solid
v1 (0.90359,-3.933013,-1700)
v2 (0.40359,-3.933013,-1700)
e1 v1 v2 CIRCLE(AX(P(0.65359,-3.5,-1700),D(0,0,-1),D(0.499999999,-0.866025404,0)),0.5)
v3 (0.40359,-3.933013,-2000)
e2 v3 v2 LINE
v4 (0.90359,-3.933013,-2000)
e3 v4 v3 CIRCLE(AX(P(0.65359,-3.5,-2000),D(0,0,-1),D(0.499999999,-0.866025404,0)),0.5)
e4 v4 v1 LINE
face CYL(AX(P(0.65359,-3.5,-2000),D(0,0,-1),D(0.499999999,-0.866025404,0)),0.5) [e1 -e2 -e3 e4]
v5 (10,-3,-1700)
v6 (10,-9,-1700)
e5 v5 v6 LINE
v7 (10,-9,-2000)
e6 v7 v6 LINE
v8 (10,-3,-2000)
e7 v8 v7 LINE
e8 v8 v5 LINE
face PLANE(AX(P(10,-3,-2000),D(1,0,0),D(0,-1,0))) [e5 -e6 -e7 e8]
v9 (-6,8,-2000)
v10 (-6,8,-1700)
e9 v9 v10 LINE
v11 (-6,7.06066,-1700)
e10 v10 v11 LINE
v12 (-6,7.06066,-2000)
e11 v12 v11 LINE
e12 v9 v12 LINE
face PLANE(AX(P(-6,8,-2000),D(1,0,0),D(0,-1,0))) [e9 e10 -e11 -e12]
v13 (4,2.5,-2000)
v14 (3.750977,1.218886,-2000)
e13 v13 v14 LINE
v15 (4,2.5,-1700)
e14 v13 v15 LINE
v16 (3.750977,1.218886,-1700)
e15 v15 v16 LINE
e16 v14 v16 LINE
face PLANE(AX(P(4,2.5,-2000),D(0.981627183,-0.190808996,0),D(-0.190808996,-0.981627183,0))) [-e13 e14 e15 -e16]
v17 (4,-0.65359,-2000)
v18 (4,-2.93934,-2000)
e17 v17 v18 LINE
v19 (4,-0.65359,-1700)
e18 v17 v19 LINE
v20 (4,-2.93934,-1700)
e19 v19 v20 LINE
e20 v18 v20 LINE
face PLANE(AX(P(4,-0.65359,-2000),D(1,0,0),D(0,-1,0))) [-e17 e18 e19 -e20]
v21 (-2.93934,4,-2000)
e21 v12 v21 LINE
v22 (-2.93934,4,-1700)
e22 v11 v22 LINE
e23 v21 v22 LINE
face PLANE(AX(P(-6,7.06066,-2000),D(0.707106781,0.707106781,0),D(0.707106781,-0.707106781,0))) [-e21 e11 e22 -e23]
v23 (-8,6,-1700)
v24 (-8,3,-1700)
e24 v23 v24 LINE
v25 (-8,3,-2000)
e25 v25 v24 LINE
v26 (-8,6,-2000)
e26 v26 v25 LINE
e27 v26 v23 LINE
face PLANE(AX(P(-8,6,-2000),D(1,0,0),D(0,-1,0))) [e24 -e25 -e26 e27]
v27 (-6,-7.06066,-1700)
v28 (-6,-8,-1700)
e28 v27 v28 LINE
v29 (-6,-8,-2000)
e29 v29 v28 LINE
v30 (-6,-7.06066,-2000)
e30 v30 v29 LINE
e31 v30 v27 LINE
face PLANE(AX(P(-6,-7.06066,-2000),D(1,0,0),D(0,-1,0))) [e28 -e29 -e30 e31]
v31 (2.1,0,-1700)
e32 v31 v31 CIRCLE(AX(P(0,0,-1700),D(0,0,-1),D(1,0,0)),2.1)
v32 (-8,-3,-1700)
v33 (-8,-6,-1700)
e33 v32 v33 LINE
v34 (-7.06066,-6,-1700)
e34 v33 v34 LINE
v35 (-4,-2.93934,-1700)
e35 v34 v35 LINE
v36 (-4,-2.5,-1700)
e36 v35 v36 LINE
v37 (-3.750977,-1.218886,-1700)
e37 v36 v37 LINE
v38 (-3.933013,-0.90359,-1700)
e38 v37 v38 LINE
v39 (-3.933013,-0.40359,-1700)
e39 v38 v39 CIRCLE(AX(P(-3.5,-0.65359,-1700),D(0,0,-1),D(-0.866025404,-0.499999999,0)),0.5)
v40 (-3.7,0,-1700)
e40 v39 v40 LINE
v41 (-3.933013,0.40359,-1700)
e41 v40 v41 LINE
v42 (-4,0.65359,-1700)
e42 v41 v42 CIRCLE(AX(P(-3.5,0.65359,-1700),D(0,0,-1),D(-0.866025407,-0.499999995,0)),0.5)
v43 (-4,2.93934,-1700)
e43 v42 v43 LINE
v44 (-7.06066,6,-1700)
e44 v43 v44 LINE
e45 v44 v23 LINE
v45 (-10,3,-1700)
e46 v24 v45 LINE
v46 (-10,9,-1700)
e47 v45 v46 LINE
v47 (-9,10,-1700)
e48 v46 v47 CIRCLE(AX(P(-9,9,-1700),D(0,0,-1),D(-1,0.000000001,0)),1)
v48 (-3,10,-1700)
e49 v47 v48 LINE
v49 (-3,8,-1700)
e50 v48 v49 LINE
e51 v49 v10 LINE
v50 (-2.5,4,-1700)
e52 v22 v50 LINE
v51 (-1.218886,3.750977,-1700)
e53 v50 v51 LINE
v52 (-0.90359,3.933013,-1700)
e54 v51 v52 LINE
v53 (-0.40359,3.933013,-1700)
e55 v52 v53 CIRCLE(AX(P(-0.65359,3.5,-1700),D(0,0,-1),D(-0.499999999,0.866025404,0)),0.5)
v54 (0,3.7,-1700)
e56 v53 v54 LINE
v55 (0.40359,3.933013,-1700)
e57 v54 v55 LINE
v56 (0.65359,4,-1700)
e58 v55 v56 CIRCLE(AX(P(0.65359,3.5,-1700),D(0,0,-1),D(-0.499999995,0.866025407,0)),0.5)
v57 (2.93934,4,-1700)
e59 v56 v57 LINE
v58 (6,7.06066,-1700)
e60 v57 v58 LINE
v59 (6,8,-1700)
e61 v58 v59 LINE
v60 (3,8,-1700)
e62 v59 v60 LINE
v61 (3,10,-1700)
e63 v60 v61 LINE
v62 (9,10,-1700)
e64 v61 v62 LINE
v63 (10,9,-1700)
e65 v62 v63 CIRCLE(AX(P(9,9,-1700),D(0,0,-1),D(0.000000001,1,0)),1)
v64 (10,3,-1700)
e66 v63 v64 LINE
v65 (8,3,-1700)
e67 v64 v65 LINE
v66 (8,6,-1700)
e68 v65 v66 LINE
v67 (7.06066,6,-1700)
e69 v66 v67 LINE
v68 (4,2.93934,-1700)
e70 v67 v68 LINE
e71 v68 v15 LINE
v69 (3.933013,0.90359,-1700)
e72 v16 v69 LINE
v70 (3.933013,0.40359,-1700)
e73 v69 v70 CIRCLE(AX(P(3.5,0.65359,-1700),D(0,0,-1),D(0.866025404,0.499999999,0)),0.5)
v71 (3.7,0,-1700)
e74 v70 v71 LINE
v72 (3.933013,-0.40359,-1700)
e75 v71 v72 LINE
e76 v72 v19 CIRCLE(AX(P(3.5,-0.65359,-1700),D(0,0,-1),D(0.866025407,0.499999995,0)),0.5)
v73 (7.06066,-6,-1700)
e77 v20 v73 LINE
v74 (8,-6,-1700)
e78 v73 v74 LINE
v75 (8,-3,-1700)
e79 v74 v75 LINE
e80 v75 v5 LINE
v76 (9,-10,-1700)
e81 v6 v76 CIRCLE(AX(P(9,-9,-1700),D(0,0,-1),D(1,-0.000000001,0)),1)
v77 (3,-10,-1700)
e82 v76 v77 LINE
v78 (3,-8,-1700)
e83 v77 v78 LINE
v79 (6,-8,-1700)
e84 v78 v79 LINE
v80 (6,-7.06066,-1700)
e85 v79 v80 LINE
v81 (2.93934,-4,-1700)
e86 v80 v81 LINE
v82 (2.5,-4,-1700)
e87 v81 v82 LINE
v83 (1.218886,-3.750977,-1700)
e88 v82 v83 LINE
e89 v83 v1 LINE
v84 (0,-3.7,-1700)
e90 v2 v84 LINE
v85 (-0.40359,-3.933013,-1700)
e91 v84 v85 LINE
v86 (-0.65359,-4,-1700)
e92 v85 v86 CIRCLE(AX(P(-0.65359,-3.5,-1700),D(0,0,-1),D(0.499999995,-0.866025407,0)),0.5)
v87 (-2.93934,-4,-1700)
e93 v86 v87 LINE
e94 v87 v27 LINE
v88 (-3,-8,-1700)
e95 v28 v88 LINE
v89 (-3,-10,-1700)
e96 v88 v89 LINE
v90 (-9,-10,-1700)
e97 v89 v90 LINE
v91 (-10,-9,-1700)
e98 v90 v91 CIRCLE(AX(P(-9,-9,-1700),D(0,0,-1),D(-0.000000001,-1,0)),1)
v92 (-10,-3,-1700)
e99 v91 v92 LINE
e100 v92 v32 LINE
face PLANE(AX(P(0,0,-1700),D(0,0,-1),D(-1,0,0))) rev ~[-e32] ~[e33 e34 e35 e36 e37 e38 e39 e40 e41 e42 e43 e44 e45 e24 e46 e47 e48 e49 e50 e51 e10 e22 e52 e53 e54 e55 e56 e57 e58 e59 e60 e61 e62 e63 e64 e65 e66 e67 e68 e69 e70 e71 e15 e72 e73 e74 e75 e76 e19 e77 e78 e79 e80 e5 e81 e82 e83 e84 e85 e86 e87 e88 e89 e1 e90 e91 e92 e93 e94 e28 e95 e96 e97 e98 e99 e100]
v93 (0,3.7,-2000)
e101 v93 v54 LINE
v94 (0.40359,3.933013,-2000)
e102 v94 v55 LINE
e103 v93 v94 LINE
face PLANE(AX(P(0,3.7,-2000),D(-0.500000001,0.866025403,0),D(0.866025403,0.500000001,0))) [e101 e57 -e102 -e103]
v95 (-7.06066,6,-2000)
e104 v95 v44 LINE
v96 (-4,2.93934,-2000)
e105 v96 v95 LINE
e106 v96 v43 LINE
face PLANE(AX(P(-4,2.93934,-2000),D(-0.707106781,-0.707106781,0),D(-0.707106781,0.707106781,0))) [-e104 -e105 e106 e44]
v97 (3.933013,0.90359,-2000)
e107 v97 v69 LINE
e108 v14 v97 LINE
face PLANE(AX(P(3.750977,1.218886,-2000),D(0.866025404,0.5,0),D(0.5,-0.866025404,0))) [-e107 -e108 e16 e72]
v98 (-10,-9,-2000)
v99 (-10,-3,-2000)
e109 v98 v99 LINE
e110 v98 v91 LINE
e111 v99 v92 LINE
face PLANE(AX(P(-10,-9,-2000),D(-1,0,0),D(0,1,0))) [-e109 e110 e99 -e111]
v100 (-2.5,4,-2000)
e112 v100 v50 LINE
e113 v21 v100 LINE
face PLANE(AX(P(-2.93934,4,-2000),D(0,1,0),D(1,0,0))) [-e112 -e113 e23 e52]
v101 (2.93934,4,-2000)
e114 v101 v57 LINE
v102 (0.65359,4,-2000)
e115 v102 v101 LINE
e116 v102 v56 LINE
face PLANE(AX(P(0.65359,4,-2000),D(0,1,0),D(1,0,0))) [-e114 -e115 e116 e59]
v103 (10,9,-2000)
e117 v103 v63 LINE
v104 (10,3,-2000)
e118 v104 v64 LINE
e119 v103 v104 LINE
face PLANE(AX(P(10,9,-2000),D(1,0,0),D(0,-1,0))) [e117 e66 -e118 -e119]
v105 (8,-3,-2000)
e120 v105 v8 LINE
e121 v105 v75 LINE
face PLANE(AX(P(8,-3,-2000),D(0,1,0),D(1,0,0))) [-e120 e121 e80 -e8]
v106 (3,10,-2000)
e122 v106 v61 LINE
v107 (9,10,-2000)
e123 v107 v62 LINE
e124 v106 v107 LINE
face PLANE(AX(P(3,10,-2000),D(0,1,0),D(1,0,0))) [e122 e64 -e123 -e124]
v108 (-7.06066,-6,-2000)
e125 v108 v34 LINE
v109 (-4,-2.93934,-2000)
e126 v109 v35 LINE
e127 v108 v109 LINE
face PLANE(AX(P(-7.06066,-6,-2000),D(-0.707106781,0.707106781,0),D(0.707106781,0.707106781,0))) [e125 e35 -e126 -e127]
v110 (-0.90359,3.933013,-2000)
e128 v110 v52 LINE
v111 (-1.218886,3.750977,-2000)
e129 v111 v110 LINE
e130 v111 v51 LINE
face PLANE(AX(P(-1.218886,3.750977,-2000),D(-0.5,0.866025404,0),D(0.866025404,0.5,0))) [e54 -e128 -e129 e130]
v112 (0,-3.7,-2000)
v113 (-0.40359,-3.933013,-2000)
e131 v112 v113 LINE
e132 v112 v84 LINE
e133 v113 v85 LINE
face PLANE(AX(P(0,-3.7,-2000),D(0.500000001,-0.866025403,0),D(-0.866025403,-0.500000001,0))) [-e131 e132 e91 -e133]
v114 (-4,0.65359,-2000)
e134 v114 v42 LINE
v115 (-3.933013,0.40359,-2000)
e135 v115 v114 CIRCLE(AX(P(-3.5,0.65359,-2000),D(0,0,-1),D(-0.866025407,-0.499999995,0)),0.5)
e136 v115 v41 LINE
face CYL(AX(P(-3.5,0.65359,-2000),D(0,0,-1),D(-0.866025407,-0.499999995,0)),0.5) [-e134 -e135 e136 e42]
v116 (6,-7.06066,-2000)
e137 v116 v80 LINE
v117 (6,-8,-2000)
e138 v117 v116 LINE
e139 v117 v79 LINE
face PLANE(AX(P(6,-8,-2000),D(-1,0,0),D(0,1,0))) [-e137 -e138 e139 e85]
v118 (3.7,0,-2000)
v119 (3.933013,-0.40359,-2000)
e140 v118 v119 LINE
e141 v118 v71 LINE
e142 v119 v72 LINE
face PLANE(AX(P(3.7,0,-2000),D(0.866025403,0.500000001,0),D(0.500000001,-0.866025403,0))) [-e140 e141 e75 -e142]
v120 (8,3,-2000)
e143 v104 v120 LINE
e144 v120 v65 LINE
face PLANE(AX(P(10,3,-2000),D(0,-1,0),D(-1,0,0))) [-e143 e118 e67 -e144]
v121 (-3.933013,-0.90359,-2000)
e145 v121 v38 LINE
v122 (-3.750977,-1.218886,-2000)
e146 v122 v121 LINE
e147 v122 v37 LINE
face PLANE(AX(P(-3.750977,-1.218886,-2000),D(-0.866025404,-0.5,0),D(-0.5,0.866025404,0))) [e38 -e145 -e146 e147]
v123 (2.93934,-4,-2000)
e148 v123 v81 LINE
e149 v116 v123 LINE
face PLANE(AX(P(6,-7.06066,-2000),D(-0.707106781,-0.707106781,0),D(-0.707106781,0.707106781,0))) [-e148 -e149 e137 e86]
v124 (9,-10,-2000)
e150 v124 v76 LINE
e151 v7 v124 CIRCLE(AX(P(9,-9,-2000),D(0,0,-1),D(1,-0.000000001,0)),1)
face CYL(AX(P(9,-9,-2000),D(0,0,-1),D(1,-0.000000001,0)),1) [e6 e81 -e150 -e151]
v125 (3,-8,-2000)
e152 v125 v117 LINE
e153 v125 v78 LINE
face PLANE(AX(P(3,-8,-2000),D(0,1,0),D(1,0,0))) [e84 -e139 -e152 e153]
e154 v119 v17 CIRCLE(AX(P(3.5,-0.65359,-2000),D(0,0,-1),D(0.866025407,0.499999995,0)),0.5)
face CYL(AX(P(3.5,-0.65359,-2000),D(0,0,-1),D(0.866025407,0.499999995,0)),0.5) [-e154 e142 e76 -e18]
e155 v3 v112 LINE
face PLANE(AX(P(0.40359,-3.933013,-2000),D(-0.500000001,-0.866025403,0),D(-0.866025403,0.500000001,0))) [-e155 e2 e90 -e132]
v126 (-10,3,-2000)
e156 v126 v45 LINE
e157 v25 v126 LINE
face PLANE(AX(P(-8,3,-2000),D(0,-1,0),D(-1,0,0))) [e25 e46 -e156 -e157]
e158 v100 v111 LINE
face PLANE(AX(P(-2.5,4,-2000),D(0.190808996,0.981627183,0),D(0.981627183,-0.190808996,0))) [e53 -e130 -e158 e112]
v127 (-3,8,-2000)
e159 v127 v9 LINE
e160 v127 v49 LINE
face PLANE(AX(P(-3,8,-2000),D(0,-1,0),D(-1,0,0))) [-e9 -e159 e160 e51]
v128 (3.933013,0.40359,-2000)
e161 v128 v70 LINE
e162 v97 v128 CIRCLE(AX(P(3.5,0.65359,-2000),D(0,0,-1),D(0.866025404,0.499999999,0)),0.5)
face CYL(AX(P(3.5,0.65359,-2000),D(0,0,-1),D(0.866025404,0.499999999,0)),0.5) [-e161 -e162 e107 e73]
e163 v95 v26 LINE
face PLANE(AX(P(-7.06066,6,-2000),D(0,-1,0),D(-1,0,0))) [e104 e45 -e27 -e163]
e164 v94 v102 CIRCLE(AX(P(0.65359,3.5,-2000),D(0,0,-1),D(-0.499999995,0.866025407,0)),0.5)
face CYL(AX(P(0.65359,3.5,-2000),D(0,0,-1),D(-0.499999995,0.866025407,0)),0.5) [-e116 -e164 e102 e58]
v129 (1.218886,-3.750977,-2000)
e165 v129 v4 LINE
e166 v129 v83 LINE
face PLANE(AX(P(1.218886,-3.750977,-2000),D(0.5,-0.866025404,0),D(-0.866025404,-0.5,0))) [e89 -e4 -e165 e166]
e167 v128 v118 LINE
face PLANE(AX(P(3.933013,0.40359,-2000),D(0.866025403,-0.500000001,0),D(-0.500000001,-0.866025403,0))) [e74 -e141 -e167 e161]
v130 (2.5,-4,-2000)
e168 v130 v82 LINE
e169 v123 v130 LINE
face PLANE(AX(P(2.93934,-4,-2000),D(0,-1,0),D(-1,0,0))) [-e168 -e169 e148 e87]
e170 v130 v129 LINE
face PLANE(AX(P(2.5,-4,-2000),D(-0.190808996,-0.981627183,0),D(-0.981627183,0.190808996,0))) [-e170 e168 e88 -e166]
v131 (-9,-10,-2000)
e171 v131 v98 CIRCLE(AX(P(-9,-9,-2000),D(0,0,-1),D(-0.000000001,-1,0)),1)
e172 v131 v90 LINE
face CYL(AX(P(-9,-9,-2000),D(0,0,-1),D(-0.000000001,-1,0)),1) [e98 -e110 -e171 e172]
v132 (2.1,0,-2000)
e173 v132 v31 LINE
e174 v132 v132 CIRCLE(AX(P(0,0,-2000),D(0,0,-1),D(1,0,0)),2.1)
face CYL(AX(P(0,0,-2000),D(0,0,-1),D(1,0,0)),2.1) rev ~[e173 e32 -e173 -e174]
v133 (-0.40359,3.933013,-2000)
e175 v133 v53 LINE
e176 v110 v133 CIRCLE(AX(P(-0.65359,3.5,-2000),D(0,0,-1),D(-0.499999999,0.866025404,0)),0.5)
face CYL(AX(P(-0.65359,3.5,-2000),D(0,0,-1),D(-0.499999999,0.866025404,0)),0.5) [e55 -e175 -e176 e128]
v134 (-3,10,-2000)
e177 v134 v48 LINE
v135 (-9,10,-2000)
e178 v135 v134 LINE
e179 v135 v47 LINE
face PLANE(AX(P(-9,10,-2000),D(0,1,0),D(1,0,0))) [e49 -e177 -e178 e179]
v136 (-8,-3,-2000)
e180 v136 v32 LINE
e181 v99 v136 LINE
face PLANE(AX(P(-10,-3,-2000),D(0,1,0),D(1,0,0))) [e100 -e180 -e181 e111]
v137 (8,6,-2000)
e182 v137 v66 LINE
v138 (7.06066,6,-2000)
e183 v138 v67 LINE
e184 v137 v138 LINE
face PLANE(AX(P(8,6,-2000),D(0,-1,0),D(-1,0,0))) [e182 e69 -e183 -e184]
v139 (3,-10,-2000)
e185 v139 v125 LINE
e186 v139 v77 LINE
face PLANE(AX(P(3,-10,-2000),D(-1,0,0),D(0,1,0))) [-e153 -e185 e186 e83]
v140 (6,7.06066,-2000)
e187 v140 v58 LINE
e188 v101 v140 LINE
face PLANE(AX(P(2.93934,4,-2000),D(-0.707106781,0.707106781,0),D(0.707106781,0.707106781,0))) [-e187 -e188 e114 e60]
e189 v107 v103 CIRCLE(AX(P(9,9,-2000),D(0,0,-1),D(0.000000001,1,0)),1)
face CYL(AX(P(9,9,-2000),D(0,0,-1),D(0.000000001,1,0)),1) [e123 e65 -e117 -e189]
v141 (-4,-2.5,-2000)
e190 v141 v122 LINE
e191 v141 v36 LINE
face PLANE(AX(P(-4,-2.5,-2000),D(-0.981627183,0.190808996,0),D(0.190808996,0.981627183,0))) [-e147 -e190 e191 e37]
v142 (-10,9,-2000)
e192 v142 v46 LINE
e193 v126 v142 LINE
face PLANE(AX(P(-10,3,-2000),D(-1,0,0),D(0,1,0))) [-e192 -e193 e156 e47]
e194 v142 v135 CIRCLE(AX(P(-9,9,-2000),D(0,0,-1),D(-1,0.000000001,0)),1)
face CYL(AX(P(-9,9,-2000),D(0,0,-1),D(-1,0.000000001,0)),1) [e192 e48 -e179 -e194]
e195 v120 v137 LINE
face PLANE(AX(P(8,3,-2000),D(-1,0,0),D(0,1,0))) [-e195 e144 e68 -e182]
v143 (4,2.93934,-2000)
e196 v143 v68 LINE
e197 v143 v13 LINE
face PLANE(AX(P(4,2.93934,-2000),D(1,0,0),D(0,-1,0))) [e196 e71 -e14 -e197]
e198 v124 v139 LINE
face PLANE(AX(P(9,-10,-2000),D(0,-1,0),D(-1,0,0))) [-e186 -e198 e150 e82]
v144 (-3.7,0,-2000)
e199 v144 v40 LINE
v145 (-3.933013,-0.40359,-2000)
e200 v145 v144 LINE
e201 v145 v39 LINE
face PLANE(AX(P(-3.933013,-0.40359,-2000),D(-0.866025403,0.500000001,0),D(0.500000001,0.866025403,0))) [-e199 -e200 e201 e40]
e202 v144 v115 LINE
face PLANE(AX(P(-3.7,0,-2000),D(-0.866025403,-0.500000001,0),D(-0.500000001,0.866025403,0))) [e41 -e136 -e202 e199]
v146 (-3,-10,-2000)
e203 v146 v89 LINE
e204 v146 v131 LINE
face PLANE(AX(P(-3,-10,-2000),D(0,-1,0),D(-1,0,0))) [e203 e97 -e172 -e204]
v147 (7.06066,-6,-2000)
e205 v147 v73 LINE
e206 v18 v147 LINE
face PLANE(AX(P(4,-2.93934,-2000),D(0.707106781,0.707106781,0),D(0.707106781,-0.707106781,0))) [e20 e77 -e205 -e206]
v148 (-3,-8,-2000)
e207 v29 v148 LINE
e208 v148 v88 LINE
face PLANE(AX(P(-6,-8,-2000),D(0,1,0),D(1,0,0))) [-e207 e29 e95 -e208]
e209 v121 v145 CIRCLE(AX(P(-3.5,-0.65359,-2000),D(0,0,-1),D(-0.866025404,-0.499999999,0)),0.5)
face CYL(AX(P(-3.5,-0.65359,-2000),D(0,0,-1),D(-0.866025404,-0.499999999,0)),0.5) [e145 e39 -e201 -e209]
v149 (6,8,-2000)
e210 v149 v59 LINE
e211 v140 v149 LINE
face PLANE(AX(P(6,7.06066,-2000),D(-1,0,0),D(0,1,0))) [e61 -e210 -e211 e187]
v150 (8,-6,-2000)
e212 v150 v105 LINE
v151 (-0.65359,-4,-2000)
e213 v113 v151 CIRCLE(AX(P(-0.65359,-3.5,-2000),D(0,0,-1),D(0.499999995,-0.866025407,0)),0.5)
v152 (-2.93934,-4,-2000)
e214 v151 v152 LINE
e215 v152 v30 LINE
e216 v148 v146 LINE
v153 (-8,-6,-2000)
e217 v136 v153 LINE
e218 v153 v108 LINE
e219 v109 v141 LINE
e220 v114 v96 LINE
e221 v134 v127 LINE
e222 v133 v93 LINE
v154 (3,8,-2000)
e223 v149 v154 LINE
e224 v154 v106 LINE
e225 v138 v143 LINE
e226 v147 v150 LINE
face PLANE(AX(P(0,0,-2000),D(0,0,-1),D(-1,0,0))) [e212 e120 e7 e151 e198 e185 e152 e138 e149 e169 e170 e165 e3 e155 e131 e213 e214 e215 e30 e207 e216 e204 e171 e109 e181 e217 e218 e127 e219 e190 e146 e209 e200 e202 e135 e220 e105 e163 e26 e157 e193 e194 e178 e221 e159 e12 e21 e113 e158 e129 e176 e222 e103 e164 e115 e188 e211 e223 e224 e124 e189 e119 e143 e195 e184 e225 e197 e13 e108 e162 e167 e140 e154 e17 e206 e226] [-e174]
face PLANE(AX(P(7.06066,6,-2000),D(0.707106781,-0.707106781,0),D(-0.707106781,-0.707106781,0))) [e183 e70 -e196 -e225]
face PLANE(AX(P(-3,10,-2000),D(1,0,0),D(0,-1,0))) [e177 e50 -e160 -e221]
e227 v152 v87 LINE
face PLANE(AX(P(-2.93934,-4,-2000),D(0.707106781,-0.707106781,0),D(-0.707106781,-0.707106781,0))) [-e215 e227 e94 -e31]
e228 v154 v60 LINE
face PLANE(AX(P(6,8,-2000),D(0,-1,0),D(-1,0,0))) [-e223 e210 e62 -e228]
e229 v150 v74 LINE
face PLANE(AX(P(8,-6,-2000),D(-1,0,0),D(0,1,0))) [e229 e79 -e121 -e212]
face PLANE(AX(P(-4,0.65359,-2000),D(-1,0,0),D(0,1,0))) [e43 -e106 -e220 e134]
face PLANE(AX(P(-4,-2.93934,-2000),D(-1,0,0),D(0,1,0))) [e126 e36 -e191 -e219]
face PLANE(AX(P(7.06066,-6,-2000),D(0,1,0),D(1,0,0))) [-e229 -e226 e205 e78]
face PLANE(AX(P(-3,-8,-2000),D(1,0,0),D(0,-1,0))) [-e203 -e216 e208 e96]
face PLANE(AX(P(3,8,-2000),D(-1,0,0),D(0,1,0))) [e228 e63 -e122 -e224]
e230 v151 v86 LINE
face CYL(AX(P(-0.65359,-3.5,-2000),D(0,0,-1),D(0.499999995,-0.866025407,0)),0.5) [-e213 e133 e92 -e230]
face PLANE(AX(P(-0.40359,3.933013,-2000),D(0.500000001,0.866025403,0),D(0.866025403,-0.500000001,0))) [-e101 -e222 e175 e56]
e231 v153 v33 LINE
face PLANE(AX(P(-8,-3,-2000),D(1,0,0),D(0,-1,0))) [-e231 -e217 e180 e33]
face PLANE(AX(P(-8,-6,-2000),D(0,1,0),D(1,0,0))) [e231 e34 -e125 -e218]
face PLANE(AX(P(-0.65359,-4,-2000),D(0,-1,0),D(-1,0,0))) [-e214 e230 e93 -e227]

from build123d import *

# Parameters (mm, degrees)
SKETCH1_R           = 2.1
BOSS_EXTRUDE1_DEPTH = 300


with BuildPart() as part:
    # Sketch1 → Boss-Extrude1 (new body)
    with BuildSketch(Plane(origin=(0, 0, -2000), x_dir=(-1, 0, 0), z_dir=(0, 0, -1))):
        with BuildLine():
            Line((10, -3), (8, -3))
            Line((8, -3), (8, -6))
            Line((8, -6), (7.060660172, -6))
            Line((7.060660172, -6), (4, -2.939339828))
            Line((4, -2.939339828), (4, -2.5))
            Line((4, -2.5), (3.750976592, -1.218885629))
            Line((3.750976592, -1.218885629), (3.933012702, -0.903589838))
            ThreePointArc((3.933012702, -0.903589838), (4, -0.653589838), (3.933012702, -0.403589838))
            Line((3.933012702, -0.403589838), (3.7, 0))
            Line((3.7, 0), (3.933012702, 0.403589838))
            ThreePointArc((3.933012702, 0.403589838), (3.982962913, 0.524180316), (4, 0.653589838))
            Line((4, 0.653589838), (4, 2.939339828))
            Line((4, 2.939339828), (7.060660172, 6))
            Line((7.060660172, 6), (8, 6))
            Line((8, 6), (8, 3))
            Line((8, 3), (10, 3))
            Line((10, 3), (10, 9))
            ThreePointArc((10, 9), (9.707106781, 9.707106781), (9, 10))
            Line((9, 10), (3, 10))
            Line((3, 10), (3, 8))
            Line((3, 8), (6, 8))
            Line((6, 8), (6, 7.060660172))
            Line((6, 7.060660172), (2.939339828, 4))
            Line((2.939339828, 4), (2.5, 4))
            Line((2.5, 4), (1.218885629, 3.750976592))
            Line((1.218885629, 3.750976592), (0.903589838, 3.933012702))
            ThreePointArc((0.903589838, 3.933012702), (0.653589838, 4), (0.403589838, 3.933012702))
            Line((0.403589838, 3.933012702), (0, 3.7))
            Line((0, 3.7), (-0.403589838, 3.933012702))
            ThreePointArc((-0.403589838, 3.933012702), (-0.524180316, 3.982962913), (-0.653589838, 4))
            Line((-0.653589838, 4), (-2.939339828, 4))
            Line((-2.939339828, 4), (-6, 7.060660172))
            Line((-6, 7.060660172), (-6, 8))
            Line((-6, 8), (-3, 8))
            Line((-3, 8), (-3, 10))
            Line((-3, 10), (-9, 10))
            ThreePointArc((-9, 10), (-9.707106781, 9.707106781), (-10, 9))
            Line((-10, 9), (-10, 3))
            Line((-10, 3), (-8, 3))
            Line((-8, 3), (-8, 6))
            Line((-8, 6), (-7.060660172, 6))
            Line((-7.060660172, 6), (-4, 2.939339828))
            Line((-4, 2.939339828), (-4, 2.5))
            Line((-4, 2.5), (-3.750976592, 1.218885629))
            Line((-3.750976592, 1.218885629), (-3.933012702, 0.903589838))
            ThreePointArc((-3.933012702, 0.903589838), (-4, 0.653589838), (-3.933012702, 0.403589838))
            Line((-3.933012702, 0.403589838), (-3.7, 0))
            Line((-3.7, 0), (-3.933012702, -0.403589838))
            ThreePointArc((-3.933012702, -0.403589838), (-3.982962913, -0.524180316), (-4, -0.653589838))
            Line((-4, -0.653589838), (-4, -2.939339828))
            Line((-4, -2.939339828), (-7.060660172, -6))
            Line((-7.060660172, -6), (-8, -6))
            Line((-8, -6), (-8, -3))
            Line((-8, -3), (-10, -3))
            Line((-10, -3), (-10, -9))
            ThreePointArc((-10, -9), (-9.707106781, -9.707106781), (-9, -10))
            Line((-9, -10), (-3, -10))
            Line((-3, -10), (-3, -8))
            Line((-3, -8), (-6, -8))
            Line((-6, -8), (-6, -7.060660172))
            Line((-6, -7.060660172), (-2.939339828, -4))
            Line((-2.939339828, -4), (-2.5, -4))
            Line((-2.5, -4), (-1.218885629, -3.750976592))
            Line((-1.218885629, -3.750976592), (-0.903589838, -3.933012702))
            ThreePointArc((-0.903589838, -3.933012702), (-0.653589838, -4), (-0.403589838, -3.933012702))
            Line((-0.403589838, -3.933012702), (0, -3.7))
            Line((0, -3.7), (0.403589838, -3.933012702))
            ThreePointArc((0.403589838, -3.933012702), (0.524180316, -3.982962913), (0.653589838, -4))
            Line((0.653589838, -4), (2.939339828, -4))
            Line((2.939339828, -4), (6, -7.060660172))
            Line((6, -7.060660172), (6, -8))
            Line((6, -8), (3, -8))
            Line((3, -8), (3, -10))
            Line((3, -10), (9, -10))
            ThreePointArc((9, -10), (9.707106781, -9.707106781), (10, -9))
            Line((10, -9), (10, -3))
        make_face()
        with Locations(Location((0, 0, 0), (0, 0, 180))):
            Circle(SKETCH1_R, mode=Mode.SUBTRACT)
    extrude(amount=-BOSS_EXTRUDE1_DEPTH)


solid = part.part
